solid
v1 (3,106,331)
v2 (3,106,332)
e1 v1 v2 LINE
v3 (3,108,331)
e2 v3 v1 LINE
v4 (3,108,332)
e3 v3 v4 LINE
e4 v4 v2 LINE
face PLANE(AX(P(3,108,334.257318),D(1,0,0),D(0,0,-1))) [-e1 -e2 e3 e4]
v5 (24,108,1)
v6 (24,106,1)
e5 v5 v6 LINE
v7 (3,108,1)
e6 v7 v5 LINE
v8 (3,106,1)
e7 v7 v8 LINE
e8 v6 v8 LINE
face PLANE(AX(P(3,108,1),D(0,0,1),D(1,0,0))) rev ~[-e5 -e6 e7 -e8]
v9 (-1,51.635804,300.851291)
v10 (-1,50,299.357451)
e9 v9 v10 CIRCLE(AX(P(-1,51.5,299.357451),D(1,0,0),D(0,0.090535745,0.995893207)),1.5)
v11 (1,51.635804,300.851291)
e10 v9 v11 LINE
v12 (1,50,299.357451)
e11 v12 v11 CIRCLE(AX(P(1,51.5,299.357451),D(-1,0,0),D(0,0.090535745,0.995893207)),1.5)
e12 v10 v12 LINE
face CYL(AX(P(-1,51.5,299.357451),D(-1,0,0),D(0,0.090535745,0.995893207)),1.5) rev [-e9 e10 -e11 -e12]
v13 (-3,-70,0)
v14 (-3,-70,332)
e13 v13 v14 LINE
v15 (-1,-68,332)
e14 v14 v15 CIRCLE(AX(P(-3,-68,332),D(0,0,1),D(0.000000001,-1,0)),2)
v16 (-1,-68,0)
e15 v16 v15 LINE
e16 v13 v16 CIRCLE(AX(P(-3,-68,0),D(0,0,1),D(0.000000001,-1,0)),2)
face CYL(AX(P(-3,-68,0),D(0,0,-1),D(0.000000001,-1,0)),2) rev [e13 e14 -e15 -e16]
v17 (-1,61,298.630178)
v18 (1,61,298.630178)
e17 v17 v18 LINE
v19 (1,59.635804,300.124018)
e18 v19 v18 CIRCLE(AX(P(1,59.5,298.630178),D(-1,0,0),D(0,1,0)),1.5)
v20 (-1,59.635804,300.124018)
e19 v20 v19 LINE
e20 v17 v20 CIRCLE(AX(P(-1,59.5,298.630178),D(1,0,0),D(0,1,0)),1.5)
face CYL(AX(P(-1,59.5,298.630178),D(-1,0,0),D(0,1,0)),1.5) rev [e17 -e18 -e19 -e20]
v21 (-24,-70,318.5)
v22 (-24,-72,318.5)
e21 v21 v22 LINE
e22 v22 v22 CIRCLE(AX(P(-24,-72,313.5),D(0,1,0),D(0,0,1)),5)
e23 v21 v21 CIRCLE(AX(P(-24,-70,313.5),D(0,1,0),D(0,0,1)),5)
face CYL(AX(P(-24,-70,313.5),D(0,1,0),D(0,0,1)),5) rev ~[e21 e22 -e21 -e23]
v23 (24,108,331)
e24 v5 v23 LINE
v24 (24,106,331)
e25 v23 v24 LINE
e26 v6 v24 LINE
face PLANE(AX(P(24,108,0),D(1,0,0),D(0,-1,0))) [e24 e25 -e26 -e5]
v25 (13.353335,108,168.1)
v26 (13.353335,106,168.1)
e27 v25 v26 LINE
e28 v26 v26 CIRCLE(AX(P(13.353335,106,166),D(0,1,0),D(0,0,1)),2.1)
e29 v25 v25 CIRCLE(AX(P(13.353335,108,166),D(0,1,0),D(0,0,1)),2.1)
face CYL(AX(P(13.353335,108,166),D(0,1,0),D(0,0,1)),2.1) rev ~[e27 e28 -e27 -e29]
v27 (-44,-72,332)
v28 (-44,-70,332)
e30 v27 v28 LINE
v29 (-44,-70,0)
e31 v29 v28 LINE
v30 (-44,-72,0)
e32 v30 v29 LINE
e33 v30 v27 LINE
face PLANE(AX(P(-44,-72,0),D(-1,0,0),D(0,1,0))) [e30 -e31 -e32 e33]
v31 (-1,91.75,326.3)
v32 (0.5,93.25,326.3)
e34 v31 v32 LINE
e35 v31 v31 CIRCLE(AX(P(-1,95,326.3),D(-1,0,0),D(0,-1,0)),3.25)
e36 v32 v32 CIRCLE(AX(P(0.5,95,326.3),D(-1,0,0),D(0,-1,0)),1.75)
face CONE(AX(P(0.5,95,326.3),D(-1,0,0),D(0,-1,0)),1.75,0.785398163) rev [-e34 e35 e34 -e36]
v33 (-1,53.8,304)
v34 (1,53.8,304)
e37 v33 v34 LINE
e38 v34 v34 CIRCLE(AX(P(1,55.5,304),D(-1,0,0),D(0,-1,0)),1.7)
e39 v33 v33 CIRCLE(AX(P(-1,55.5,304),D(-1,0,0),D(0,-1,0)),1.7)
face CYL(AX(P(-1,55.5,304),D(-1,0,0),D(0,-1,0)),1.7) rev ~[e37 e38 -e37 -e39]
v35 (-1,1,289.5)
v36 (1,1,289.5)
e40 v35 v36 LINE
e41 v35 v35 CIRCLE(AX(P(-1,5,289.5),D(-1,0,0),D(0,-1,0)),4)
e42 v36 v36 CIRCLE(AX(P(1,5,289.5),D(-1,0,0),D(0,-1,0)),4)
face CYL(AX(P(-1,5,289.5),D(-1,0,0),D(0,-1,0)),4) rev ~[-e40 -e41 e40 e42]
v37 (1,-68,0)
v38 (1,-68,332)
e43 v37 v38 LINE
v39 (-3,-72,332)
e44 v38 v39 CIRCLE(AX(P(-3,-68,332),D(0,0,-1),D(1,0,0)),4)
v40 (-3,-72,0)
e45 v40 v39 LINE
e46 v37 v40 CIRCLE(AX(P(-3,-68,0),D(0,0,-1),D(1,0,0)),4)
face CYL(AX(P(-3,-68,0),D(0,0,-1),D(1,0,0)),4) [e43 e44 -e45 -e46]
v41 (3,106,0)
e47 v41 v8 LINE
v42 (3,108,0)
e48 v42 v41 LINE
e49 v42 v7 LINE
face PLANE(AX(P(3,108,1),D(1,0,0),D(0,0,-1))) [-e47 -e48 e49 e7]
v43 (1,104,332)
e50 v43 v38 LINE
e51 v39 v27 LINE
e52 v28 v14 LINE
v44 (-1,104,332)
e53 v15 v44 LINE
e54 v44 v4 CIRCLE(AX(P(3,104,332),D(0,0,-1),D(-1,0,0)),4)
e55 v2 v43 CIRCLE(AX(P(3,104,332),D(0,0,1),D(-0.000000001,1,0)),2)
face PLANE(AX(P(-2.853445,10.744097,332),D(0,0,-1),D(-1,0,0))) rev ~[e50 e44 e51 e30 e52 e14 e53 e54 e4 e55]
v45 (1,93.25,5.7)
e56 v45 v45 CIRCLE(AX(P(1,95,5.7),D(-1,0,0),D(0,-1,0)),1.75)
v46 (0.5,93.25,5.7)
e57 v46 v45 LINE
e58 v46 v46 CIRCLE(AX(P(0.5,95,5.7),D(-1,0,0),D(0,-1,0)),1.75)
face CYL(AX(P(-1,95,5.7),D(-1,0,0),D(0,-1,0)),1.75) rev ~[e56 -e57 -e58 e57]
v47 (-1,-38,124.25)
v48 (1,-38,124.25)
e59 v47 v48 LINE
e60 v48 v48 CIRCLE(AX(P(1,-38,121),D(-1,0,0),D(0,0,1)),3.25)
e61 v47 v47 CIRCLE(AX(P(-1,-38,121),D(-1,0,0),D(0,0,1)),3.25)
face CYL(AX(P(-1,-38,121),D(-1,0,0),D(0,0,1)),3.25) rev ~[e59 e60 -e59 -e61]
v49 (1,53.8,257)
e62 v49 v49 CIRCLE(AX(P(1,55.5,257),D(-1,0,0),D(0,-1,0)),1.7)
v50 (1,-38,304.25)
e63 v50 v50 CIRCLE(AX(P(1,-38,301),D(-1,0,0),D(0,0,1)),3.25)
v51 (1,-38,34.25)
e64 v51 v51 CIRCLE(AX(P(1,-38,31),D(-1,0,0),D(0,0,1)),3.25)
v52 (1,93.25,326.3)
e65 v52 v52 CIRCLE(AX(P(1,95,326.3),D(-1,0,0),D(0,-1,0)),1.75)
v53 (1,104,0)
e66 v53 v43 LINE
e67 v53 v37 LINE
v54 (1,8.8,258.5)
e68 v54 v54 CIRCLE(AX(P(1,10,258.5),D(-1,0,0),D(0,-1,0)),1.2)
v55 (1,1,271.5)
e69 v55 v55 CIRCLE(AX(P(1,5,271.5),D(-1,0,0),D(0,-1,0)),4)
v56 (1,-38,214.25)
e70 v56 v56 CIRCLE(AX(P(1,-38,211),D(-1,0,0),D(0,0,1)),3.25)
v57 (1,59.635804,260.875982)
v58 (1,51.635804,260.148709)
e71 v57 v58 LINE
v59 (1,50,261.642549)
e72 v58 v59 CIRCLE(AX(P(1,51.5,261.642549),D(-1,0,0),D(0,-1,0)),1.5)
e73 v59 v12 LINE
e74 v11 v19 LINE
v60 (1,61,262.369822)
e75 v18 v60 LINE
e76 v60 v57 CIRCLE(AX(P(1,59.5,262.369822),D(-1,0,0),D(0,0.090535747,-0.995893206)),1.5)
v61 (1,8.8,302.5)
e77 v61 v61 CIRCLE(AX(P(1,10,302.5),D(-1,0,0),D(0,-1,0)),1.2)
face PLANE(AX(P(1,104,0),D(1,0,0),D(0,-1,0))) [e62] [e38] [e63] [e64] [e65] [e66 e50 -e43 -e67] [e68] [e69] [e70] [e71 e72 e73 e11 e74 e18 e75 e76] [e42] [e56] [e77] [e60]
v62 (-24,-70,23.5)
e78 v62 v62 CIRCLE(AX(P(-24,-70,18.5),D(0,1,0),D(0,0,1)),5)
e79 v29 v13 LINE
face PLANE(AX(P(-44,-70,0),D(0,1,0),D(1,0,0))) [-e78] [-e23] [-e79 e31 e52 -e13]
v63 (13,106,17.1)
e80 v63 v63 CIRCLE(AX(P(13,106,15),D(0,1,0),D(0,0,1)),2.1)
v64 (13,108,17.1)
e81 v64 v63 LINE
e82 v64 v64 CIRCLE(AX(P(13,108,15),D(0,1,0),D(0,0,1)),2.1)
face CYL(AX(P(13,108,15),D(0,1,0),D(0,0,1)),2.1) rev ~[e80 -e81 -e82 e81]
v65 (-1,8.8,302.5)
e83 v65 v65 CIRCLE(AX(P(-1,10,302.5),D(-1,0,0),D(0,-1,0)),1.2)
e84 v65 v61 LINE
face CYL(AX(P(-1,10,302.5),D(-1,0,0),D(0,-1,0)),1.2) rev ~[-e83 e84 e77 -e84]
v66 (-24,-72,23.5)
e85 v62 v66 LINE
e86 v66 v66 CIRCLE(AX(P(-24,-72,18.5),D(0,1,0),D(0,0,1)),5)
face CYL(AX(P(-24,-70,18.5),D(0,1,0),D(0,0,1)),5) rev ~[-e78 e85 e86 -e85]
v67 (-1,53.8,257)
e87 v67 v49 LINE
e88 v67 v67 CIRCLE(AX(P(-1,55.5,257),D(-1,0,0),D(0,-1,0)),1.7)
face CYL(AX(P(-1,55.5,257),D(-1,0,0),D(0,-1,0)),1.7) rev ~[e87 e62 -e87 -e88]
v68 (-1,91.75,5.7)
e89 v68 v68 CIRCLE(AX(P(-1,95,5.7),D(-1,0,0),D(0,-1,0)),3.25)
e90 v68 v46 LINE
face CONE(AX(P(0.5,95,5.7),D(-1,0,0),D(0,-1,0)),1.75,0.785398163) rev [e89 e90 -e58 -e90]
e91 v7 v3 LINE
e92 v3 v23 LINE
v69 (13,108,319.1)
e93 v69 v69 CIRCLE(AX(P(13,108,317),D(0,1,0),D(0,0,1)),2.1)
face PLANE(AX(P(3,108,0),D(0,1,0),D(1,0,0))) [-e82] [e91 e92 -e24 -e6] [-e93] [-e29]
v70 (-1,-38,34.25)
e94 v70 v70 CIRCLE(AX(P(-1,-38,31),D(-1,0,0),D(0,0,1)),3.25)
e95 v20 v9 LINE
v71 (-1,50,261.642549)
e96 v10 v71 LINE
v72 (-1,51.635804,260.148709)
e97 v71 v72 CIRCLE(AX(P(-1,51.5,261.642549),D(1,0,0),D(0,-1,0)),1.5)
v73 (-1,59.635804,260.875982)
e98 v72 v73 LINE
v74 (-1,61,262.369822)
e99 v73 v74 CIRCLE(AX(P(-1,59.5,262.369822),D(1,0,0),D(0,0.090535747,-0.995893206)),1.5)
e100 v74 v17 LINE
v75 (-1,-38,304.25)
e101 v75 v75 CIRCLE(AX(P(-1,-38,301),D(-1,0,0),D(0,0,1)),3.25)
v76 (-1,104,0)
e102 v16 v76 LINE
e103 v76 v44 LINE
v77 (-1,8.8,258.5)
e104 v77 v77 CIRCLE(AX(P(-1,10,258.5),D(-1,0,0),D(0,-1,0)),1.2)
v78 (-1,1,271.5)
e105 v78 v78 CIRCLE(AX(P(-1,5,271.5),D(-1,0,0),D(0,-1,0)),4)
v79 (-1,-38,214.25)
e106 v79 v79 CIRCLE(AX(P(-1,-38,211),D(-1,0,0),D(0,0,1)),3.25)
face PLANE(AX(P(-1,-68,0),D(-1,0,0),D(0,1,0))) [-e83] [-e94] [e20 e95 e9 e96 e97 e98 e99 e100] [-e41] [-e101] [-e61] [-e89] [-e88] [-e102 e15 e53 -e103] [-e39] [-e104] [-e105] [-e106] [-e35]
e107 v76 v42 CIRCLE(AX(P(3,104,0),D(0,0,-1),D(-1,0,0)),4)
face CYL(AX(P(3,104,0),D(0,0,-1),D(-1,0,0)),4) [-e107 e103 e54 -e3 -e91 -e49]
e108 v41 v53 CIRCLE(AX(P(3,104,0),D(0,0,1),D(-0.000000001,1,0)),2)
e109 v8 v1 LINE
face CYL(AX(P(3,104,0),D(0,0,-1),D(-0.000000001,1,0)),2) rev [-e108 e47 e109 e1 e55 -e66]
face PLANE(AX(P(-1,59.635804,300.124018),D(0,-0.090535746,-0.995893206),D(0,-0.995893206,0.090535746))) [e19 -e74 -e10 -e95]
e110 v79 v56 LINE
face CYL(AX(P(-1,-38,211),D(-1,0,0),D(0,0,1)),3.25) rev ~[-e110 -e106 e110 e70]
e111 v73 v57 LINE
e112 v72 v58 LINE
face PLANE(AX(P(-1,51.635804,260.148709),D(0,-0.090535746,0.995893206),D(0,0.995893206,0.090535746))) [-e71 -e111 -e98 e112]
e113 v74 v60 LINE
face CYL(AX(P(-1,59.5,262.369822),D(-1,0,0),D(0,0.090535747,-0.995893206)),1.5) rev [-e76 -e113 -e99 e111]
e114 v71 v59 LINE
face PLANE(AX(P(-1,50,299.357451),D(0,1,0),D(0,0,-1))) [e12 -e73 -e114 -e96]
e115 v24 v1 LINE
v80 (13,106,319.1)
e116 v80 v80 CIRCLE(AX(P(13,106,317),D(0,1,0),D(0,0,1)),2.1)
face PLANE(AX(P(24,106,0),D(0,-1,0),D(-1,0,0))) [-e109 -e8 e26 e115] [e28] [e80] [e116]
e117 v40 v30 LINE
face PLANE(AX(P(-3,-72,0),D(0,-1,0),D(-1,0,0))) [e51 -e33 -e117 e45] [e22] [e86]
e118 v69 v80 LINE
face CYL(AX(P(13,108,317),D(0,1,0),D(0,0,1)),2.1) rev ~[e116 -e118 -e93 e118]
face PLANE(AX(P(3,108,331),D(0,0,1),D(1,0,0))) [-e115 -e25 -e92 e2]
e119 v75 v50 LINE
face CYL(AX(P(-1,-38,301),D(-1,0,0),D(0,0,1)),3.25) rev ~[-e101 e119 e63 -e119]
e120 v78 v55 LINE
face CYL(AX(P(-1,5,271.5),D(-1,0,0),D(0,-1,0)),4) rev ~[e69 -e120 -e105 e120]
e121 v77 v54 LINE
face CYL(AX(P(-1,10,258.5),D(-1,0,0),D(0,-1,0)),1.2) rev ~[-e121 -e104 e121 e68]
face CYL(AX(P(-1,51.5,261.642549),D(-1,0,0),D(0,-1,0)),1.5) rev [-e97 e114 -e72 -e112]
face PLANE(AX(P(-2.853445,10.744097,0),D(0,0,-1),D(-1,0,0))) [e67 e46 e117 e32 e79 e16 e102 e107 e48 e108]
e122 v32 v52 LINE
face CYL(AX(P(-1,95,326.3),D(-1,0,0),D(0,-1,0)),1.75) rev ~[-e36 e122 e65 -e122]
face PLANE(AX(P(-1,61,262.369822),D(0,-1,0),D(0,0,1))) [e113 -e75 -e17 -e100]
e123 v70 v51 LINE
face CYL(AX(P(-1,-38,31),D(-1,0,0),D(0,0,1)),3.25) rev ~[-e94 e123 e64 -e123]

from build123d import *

# Parameters (mm, degrees)
EXTRUDE_1_DEPTH     = 332
SKETCH_2_R          = 3.25
CUT_EXTRUDE_1_DEPTH = 5
SKETCH_3_R          = 5
CUT_EXTRUDE_2_DEPTH = 5
SKETCH_4_W          = 26.179083289
SKETCH_4_H          = 3.25731829
CUT_EXTRUDE_3_DEPTH = 10
SKETCH_5_R          = 1.75
CUT_EXTRUDE_4_DEPTH = 2.5
CHAMFER_1_SIZE      = 1.5
SKETCH_6_R          = 1.7
SKETCH_6_R_2        = 1.2
SKETCH_6_R_3        = 4
CUT_EXTRUDE_5_DEPTH = 10
SKETCH_7_R          = 2.1
CUT_EXTRUDE_6_DEPTH = 10


with BuildPart() as part:
    # Эскиз1 → Вытянуть1 (new body)
    with BuildSketch(Plane.XY):
        with BuildLine():
            Line((-1, -68), (-1, 104))
            ThreePointArc((-1, 104), (0.171572875, 106.828427125), (3, 108))
            Line((3, 108), (24, 108))
            Line((24, 108), (24, 106))
            Line((24, 106), (3, 106))
            ThreePointArc((3, 106), (1.585786438, 105.414213562), (1, 104))
            Line((1, 104), (1, -68))
            ThreePointArc((1, -68), (-0.171572875, -70.828427125), (-3, -72))
            Line((-3, -72), (-44, -72))
            Line((-44, -72), (-44, -70))
            Line((-44, -70), (-3, -70))
            ThreePointArc((-3, -70), (-1.585786438, -69.414213562), (-1, -68))
        make_face()
    extrude(amount=EXTRUDE_1_DEPTH)

    # Эскиз2 → Вырез-Вытянуть1 (cut)
    with BuildSketch(Plane.ZY.offset(1)):
        with Locations((31, -38)):
            Circle(SKETCH_2_R)
        with Locations((121, -38)):
            Circle(SKETCH_2_R)
        with Locations((211, -38)):
            Circle(SKETCH_2_R)
        with Locations((301, -38)):
            Circle(SKETCH_2_R)
    extrude(amount=-CUT_EXTRUDE_1_DEPTH, mode=Mode.SUBTRACT)

    # Эскиз3 → Вырез-Вытянуть2 (cut)
    with BuildSketch(Plane(origin=(0, -70, 0), x_dir=(1, 0, 0), z_dir=(0, 1, 0))):
        with Locations(Location((-24, -18.5, 0), (0, 0, 270))):
            Circle(SKETCH_3_R)
        with Locations(Location((-24, -313.5, 0), (0, 0, 270))):
            Circle(SKETCH_3_R)
    extrude(amount=-CUT_EXTRUDE_2_DEPTH, mode=Mode.SUBTRACT)

    # Эскиз4 → Вырез-Вытянуть3 (cut)
    with BuildSketch(Plane(origin=(0, 108, 0), x_dir=(1, 0, 0), z_dir=(0, 1, 0))):
        with Locations((16.089541645, 0.628659145)):
            Rectangle(SKETCH_4_W, SKETCH_4_H)
        with Locations((16.089541645, -332.628659145)):
            Rectangle(SKETCH_4_W, SKETCH_4_H)
    extrude(amount=-CUT_EXTRUDE_3_DEPTH, mode=Mode.SUBTRACT)

    # Эскиз5 → Вырез-Вытянуть4 (cut)
    with BuildSketch(Plane.ZY.offset(1)):
        with Locations(Location((5.7, 95, 0), (0, 0, 270))):
            Circle(SKETCH_5_R)
        with Locations(Location((326.3, 95, 0), (0, 0, 270))):
            Circle(SKETCH_5_R)
    extrude(amount=-CUT_EXTRUDE_4_DEPTH, mode=Mode.SUBTRACT)

    # Фаска1
    chamfer_1_edges = [part.edges().sort_by_distance(p)[0] for p in [
        (-1, 96.75, 326.3),
        (-1, 96.75, 5.7),
    ]]
    chamfer(chamfer_1_edges, length=CHAMFER_1_SIZE)

    # Эскиз6 → Вырез-Вытянуть5 (cut)
    with BuildSketch(Plane.ZY.offset(1)):
        with Locations(Location((257, 55.5, 0), (0, 0, 270))):
            Circle(SKETCH_6_R)
        with Locations(Location((304, 55.5, 0), (0, 0, 270))):
            Circle(SKETCH_6_R)
        with Locations(Location((258.5, 10, 0), (0, 0, 270))):
            Circle(SKETCH_6_R_2)
        with Locations(Location((302.5, 10, 0), (0, 0, 270))):
            Circle(SKETCH_6_R_2)
        with Locations(Location((271.5, 5, 0), (0, 0, 270))):
            Circle(SKETCH_6_R_3)
        with Locations(Location((289.5, 5, 0), (0, 0, 270))):
            Circle(SKETCH_6_R_3)
        with BuildLine():
            Line((260.14870942, 51.635803619), (260.875982147, 59.635803619))
            ThreePointArc((260.875982147, 59.635803619), (261.358314525, 60.607633836), (262.369821957, 61))
            Line((262.369821957, 61), (298.630178043, 61))
            ThreePointArc((298.630178043, 61), (299.641685475, 60.607633836), (300.124017853, 59.635803619))
            Line((300.124017853, 59.635803619), (300.85129058, 51.635803619))
            ThreePointArc((300.85129058, 51.635803619), (300.465084606, 50.488492568), (299.35745077, 50))
            Line((299.35745077, 50), (261.64254923, 50))
            ThreePointArc((261.64254923, 50), (260.534915394, 50.488492568), (260.14870942, 51.635803619))
        make_face()
    extrude(amount=-CUT_EXTRUDE_5_DEPTH, mode=Mode.SUBTRACT)

    # Эскиз7 → Вырез-Вытянуть6 (cut)
    with BuildSketch(Plane(origin=(0, 108, 0), x_dir=(1, 0, 0), z_dir=(0, 1, 0))):
        with Locations(Location((13.353335267, -166, 0), (0, 0, 270))):
            Circle(SKETCH_7_R)
        with Locations(Location((13, -15, 0), (0, 0, 270))):
            Circle(SKETCH_7_R)
        with Locations(Location((13, -317, 0), (0, 0, 270))):
            Circle(SKETCH_7_R)
    extrude(amount=-CUT_EXTRUDE_6_DEPTH, mode=Mode.SUBTRACT)


solid = part.part
